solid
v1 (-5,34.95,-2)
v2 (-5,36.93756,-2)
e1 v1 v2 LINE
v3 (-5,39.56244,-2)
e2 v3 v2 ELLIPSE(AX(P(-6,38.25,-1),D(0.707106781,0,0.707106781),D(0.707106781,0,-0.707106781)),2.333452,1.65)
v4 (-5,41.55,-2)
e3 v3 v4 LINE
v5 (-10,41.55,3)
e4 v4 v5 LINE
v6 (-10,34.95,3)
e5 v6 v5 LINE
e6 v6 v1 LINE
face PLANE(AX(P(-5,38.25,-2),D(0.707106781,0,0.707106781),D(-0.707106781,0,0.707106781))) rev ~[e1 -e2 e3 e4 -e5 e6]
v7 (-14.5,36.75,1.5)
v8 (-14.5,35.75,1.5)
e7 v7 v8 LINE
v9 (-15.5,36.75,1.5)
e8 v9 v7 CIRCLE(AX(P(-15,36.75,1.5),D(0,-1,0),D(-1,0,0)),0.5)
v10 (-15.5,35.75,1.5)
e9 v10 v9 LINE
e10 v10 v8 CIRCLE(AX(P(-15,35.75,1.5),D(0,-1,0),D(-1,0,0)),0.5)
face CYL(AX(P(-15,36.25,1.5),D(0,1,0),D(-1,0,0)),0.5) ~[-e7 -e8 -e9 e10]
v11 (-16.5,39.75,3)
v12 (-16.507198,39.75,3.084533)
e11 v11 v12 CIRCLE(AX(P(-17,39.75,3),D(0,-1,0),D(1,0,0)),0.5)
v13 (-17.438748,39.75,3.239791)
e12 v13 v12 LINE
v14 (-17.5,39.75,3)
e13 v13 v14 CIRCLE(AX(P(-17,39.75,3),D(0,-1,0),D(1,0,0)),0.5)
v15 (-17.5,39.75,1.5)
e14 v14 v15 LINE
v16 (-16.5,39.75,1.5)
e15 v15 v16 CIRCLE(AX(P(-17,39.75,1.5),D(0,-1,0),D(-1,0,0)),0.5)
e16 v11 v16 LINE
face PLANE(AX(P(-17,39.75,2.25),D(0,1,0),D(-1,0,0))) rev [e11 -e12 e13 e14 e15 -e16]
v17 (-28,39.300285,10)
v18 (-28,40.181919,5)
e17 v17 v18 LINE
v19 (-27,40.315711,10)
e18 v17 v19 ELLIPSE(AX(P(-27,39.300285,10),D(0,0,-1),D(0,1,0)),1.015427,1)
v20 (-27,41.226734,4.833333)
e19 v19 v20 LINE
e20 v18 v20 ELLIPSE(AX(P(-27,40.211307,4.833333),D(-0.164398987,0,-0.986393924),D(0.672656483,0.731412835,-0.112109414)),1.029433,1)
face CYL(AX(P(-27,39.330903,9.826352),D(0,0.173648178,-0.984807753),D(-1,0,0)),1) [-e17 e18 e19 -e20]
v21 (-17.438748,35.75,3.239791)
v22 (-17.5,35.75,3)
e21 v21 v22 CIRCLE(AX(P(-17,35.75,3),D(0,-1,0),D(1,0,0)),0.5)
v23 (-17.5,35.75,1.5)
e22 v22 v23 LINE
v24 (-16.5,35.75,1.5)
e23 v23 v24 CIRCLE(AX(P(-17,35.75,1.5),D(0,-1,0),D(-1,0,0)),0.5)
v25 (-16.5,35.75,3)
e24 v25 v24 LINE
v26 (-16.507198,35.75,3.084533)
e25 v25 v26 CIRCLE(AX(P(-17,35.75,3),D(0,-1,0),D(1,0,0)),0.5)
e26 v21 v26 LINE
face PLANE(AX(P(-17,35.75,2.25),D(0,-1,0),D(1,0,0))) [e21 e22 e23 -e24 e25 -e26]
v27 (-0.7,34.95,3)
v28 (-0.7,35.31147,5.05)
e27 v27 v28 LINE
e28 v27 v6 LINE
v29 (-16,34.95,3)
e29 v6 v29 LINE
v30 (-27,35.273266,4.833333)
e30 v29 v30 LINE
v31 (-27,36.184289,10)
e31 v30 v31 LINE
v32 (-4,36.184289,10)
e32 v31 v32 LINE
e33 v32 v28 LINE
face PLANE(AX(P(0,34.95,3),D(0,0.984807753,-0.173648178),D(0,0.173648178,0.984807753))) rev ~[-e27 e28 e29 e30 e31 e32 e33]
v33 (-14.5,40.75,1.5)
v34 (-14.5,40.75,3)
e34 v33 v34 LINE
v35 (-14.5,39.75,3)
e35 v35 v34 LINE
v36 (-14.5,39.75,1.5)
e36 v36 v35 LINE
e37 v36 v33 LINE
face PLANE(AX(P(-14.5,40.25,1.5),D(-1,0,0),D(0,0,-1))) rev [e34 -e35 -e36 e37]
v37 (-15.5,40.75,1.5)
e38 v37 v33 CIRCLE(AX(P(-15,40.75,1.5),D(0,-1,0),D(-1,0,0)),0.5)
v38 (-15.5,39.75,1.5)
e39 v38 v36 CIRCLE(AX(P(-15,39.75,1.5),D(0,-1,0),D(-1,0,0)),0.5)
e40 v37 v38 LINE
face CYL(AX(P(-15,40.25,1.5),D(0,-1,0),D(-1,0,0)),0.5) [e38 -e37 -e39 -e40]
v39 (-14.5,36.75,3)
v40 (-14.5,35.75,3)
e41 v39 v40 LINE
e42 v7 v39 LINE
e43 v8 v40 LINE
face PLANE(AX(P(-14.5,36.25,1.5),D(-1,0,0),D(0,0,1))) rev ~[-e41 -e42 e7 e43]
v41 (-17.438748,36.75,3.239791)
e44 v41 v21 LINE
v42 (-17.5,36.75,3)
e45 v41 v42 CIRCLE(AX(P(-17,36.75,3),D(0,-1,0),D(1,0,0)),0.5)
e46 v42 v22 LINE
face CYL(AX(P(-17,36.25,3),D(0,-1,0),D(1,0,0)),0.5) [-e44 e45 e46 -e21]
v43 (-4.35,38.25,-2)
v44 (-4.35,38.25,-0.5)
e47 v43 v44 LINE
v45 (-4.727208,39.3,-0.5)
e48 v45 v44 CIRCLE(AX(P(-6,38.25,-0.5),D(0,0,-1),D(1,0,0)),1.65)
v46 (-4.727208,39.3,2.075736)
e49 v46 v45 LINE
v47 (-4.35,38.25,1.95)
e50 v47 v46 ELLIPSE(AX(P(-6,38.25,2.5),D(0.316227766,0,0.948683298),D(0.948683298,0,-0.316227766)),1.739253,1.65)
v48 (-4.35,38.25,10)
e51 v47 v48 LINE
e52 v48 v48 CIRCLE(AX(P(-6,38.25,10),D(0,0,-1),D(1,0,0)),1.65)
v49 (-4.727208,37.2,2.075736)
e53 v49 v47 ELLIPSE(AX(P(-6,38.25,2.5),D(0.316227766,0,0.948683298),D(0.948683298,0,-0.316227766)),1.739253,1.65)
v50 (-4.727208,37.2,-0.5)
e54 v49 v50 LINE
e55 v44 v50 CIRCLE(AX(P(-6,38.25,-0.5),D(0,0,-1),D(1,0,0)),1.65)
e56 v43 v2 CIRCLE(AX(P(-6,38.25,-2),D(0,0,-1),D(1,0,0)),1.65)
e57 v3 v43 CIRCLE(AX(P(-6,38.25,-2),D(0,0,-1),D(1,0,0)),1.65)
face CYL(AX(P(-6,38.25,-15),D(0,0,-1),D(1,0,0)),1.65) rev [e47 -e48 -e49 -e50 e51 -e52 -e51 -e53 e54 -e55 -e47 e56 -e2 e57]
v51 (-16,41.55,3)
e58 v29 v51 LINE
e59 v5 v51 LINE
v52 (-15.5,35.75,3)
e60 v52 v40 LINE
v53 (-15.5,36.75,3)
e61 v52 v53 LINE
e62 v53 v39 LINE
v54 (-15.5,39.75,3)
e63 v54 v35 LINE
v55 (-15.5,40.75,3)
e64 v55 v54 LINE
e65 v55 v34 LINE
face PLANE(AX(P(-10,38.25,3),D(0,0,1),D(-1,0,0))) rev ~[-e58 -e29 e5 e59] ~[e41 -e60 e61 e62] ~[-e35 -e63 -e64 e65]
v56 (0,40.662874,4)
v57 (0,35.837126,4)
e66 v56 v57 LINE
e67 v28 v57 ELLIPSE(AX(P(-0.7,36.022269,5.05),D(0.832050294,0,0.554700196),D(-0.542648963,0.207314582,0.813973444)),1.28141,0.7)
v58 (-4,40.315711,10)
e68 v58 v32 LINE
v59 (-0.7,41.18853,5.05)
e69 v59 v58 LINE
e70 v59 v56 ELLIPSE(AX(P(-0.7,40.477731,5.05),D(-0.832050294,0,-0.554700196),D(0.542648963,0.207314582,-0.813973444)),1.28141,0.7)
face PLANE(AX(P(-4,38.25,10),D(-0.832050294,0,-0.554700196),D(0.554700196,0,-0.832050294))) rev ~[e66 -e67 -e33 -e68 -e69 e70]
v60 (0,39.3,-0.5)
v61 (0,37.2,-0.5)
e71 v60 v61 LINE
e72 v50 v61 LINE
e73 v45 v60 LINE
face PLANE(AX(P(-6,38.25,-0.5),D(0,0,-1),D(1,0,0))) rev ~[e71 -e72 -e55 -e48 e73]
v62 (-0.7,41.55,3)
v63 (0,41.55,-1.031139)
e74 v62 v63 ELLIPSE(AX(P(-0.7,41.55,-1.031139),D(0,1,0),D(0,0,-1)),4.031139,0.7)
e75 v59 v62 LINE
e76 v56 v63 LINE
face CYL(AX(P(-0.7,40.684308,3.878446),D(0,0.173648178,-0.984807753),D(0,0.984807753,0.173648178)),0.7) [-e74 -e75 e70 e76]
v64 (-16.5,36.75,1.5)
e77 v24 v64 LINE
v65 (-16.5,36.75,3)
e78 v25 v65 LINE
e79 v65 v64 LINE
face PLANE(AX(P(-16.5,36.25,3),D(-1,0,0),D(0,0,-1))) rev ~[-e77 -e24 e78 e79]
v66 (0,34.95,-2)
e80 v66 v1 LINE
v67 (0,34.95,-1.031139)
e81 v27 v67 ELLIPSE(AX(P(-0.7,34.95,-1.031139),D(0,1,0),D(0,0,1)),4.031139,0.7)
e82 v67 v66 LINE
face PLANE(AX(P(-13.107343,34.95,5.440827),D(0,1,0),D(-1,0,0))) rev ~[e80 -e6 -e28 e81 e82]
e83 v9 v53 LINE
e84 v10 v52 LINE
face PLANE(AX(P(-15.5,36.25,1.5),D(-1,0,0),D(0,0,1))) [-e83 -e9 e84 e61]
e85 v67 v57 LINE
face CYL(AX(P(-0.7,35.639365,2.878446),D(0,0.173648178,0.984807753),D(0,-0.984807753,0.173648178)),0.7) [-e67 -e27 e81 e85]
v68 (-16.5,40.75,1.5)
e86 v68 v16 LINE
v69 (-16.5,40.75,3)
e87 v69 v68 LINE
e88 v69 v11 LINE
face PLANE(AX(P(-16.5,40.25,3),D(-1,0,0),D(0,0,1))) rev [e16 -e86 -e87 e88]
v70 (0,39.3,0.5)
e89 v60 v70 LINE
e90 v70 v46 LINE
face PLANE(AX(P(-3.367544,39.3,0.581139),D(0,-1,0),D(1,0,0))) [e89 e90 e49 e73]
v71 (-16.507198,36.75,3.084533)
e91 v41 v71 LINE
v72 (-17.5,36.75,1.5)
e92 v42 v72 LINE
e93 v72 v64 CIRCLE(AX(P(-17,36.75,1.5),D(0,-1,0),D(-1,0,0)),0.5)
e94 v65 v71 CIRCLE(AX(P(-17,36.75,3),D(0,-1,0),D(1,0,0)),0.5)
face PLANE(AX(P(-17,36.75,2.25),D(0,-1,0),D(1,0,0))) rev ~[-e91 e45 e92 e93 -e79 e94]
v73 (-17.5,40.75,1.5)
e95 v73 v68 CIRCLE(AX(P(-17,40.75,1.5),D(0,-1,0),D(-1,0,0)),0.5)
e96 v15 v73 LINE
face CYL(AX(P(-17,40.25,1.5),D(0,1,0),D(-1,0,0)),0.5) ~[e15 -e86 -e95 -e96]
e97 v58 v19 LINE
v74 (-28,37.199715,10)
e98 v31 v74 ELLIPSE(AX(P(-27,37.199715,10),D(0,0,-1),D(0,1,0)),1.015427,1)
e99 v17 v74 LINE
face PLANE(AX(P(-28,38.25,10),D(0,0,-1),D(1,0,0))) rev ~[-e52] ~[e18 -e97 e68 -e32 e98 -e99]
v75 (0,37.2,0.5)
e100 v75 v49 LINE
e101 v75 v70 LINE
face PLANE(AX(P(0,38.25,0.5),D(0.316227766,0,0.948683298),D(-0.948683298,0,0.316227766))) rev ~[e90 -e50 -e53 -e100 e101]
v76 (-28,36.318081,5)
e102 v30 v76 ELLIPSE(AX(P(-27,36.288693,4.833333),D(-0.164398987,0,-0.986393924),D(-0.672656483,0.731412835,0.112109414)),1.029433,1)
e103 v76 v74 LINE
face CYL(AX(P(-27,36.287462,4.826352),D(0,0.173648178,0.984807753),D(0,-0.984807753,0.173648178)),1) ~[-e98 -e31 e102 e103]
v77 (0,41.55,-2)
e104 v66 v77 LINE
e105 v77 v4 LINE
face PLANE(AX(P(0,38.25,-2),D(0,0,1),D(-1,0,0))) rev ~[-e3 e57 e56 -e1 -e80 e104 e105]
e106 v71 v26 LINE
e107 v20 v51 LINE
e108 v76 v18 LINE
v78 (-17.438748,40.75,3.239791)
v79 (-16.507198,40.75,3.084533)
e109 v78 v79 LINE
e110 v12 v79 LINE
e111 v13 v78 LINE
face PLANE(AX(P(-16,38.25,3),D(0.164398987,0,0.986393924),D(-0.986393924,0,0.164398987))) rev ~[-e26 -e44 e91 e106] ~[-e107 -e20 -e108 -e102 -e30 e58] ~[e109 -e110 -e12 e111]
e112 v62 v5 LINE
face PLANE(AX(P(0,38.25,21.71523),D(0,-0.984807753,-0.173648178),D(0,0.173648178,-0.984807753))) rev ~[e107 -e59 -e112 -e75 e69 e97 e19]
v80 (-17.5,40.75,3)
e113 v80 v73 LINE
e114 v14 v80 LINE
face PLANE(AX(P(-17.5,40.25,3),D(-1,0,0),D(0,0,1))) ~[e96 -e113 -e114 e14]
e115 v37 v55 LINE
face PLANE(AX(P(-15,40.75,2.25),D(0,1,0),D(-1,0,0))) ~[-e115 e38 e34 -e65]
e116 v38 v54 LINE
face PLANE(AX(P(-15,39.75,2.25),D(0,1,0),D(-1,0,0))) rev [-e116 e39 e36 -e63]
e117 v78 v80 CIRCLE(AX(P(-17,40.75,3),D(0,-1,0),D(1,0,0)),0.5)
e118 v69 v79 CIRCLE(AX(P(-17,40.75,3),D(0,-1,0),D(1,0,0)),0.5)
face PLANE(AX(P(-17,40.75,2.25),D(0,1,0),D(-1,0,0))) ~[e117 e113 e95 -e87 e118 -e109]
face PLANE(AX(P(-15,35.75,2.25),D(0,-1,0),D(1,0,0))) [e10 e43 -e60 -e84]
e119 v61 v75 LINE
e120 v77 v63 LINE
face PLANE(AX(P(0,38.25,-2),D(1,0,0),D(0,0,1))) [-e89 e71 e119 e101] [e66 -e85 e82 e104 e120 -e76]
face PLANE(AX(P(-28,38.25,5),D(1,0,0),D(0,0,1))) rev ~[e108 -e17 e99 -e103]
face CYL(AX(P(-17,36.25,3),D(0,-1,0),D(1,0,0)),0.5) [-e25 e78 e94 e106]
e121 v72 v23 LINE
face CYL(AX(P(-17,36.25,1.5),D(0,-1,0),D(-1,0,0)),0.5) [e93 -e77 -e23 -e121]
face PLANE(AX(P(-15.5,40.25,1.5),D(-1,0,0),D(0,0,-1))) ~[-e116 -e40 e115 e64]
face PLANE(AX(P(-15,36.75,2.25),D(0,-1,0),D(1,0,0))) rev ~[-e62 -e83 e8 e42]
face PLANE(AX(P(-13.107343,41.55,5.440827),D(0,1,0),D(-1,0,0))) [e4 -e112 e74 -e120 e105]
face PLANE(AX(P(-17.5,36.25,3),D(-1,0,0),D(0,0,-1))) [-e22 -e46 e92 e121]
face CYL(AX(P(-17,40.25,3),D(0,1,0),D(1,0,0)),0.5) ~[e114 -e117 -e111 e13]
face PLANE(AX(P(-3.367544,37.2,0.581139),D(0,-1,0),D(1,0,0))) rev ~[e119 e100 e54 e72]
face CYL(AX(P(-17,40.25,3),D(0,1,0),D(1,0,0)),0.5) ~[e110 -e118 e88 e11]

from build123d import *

# Parameters (mm, degrees)
CYLINDER_R      = 1.65
CYLINDER_DEPTH  = 30
PAD005_DEPTH    = 1.05
PAD001_DEPTH    = 3.3
POCKET004_DEPTH = 28.001
PAD002_DEPTH    = 0.5
FILLET_R        = 0.7
FILLET002_R     = 1


with BuildPart() as black_led_base:
    # Cylinder → Cylinder (join)
    with BuildSketch(Plane(origin=(-6, 0, -15), x_dir=(1, 0, 0), z_dir=(0, 0, 1))):
        Circle(CYLINDER_R)
    extrude(amount=CYLINDER_DEPTH)


with BuildPart() as black_iface_base:
    # Sketch016 → Pad005 (new body, symmetric)
    with BuildSketch(Plane.XZ):
        Polygon((-6, 2.5), (-6, -0.5), (0, -0.5), (0, 0.5), align=None)
    extrude(amount=PAD005_DEPTH, both=True)


with BuildPart() as black_c:
    # Sketch005 → Pad001 (new body, symmetric)
    with BuildSketch(Plane.XZ):
        Polygon((0, 0), (0, -2), (-5, -2), (-10, 3), (-16, 3), (-28, 5), (-28, 10), (-4, 10), (0, 4), align=None)
    extrude(amount=PAD001_DEPTH, both=True)

    # Sketch006 → Pocket004 (cut, through all)
    with BuildSketch(Plane.YZ):
        Polygon((-3.3, 0), (-3.3, 3), (0, 21.71523), (3.3, 3), (3.3, 0), (13, 0), (13, 26), (-13, 26), (-13, 0), align=None)
    extrude(amount=-POCKET004_DEPTH, mode=Mode.SUBTRACT)

    # Sketch008 → Pad002 (join, symmetric)
    with BuildSketch(Plane.XZ.offset(2)):
        with BuildLine():
            ThreePointArc((-15.5, 1.5), (-15, 1), (-14.5, 1.5))
            Line((-14.5, 1.5), (-14.5, 3))
            ThreePointArc((-14.5, 3), (-15, 3.5), (-15.5, 3))
            Line((-15.5, 1.5), (-15.5, 3))
        make_face()
        with BuildLine():
            ThreePointArc((-16.5, 3), (-17, 3.5), (-17.5, 3))
            Line((-17.5, 3), (-17.5, 1.5))
            ThreePointArc((-17.5, 1.5), (-17, 1), (-16.5, 1.5))
            Line((-16.5, 3), (-16.5, 1.5))
        make_face()
    pad002 = extrude(amount=PAD002_DEPTH, both=True)

    # Mirrored001: Pad002 across XZ
    add(pad002.mirror(Plane.XZ))

    # Fillet
    fillet_edges = [black_c.edges().sort_by_distance(p)[0] for p in [
        (0, -3.211837, 3.5),
        (0, 3.211837, 3.5),
    ]]
    fillet(fillet_edges, radius=FILLET_R)

    # Fillet002
    fillet002_edges = [black_c.edges().sort_by_distance(p)[0] for p in [
        (-28, -2.506529, 7.5),
        (-28, 2.506529, 7.5),
    ]]
    fillet(fillet002_edges, radius=FILLET002_R)

    # Boolean001: cut black_led_BASE, black_iface_BASE
    add(black_led_base.part, mode=Mode.SUBTRACT)
    add(black_iface_base.part, mode=Mode.SUBTRACT)


with BuildPart() as black_c_1:
    # Clone008 placement: moved
    add(black_c.part.moved(Location((0, 38.25, 0))))


solid = black_c_1.part
